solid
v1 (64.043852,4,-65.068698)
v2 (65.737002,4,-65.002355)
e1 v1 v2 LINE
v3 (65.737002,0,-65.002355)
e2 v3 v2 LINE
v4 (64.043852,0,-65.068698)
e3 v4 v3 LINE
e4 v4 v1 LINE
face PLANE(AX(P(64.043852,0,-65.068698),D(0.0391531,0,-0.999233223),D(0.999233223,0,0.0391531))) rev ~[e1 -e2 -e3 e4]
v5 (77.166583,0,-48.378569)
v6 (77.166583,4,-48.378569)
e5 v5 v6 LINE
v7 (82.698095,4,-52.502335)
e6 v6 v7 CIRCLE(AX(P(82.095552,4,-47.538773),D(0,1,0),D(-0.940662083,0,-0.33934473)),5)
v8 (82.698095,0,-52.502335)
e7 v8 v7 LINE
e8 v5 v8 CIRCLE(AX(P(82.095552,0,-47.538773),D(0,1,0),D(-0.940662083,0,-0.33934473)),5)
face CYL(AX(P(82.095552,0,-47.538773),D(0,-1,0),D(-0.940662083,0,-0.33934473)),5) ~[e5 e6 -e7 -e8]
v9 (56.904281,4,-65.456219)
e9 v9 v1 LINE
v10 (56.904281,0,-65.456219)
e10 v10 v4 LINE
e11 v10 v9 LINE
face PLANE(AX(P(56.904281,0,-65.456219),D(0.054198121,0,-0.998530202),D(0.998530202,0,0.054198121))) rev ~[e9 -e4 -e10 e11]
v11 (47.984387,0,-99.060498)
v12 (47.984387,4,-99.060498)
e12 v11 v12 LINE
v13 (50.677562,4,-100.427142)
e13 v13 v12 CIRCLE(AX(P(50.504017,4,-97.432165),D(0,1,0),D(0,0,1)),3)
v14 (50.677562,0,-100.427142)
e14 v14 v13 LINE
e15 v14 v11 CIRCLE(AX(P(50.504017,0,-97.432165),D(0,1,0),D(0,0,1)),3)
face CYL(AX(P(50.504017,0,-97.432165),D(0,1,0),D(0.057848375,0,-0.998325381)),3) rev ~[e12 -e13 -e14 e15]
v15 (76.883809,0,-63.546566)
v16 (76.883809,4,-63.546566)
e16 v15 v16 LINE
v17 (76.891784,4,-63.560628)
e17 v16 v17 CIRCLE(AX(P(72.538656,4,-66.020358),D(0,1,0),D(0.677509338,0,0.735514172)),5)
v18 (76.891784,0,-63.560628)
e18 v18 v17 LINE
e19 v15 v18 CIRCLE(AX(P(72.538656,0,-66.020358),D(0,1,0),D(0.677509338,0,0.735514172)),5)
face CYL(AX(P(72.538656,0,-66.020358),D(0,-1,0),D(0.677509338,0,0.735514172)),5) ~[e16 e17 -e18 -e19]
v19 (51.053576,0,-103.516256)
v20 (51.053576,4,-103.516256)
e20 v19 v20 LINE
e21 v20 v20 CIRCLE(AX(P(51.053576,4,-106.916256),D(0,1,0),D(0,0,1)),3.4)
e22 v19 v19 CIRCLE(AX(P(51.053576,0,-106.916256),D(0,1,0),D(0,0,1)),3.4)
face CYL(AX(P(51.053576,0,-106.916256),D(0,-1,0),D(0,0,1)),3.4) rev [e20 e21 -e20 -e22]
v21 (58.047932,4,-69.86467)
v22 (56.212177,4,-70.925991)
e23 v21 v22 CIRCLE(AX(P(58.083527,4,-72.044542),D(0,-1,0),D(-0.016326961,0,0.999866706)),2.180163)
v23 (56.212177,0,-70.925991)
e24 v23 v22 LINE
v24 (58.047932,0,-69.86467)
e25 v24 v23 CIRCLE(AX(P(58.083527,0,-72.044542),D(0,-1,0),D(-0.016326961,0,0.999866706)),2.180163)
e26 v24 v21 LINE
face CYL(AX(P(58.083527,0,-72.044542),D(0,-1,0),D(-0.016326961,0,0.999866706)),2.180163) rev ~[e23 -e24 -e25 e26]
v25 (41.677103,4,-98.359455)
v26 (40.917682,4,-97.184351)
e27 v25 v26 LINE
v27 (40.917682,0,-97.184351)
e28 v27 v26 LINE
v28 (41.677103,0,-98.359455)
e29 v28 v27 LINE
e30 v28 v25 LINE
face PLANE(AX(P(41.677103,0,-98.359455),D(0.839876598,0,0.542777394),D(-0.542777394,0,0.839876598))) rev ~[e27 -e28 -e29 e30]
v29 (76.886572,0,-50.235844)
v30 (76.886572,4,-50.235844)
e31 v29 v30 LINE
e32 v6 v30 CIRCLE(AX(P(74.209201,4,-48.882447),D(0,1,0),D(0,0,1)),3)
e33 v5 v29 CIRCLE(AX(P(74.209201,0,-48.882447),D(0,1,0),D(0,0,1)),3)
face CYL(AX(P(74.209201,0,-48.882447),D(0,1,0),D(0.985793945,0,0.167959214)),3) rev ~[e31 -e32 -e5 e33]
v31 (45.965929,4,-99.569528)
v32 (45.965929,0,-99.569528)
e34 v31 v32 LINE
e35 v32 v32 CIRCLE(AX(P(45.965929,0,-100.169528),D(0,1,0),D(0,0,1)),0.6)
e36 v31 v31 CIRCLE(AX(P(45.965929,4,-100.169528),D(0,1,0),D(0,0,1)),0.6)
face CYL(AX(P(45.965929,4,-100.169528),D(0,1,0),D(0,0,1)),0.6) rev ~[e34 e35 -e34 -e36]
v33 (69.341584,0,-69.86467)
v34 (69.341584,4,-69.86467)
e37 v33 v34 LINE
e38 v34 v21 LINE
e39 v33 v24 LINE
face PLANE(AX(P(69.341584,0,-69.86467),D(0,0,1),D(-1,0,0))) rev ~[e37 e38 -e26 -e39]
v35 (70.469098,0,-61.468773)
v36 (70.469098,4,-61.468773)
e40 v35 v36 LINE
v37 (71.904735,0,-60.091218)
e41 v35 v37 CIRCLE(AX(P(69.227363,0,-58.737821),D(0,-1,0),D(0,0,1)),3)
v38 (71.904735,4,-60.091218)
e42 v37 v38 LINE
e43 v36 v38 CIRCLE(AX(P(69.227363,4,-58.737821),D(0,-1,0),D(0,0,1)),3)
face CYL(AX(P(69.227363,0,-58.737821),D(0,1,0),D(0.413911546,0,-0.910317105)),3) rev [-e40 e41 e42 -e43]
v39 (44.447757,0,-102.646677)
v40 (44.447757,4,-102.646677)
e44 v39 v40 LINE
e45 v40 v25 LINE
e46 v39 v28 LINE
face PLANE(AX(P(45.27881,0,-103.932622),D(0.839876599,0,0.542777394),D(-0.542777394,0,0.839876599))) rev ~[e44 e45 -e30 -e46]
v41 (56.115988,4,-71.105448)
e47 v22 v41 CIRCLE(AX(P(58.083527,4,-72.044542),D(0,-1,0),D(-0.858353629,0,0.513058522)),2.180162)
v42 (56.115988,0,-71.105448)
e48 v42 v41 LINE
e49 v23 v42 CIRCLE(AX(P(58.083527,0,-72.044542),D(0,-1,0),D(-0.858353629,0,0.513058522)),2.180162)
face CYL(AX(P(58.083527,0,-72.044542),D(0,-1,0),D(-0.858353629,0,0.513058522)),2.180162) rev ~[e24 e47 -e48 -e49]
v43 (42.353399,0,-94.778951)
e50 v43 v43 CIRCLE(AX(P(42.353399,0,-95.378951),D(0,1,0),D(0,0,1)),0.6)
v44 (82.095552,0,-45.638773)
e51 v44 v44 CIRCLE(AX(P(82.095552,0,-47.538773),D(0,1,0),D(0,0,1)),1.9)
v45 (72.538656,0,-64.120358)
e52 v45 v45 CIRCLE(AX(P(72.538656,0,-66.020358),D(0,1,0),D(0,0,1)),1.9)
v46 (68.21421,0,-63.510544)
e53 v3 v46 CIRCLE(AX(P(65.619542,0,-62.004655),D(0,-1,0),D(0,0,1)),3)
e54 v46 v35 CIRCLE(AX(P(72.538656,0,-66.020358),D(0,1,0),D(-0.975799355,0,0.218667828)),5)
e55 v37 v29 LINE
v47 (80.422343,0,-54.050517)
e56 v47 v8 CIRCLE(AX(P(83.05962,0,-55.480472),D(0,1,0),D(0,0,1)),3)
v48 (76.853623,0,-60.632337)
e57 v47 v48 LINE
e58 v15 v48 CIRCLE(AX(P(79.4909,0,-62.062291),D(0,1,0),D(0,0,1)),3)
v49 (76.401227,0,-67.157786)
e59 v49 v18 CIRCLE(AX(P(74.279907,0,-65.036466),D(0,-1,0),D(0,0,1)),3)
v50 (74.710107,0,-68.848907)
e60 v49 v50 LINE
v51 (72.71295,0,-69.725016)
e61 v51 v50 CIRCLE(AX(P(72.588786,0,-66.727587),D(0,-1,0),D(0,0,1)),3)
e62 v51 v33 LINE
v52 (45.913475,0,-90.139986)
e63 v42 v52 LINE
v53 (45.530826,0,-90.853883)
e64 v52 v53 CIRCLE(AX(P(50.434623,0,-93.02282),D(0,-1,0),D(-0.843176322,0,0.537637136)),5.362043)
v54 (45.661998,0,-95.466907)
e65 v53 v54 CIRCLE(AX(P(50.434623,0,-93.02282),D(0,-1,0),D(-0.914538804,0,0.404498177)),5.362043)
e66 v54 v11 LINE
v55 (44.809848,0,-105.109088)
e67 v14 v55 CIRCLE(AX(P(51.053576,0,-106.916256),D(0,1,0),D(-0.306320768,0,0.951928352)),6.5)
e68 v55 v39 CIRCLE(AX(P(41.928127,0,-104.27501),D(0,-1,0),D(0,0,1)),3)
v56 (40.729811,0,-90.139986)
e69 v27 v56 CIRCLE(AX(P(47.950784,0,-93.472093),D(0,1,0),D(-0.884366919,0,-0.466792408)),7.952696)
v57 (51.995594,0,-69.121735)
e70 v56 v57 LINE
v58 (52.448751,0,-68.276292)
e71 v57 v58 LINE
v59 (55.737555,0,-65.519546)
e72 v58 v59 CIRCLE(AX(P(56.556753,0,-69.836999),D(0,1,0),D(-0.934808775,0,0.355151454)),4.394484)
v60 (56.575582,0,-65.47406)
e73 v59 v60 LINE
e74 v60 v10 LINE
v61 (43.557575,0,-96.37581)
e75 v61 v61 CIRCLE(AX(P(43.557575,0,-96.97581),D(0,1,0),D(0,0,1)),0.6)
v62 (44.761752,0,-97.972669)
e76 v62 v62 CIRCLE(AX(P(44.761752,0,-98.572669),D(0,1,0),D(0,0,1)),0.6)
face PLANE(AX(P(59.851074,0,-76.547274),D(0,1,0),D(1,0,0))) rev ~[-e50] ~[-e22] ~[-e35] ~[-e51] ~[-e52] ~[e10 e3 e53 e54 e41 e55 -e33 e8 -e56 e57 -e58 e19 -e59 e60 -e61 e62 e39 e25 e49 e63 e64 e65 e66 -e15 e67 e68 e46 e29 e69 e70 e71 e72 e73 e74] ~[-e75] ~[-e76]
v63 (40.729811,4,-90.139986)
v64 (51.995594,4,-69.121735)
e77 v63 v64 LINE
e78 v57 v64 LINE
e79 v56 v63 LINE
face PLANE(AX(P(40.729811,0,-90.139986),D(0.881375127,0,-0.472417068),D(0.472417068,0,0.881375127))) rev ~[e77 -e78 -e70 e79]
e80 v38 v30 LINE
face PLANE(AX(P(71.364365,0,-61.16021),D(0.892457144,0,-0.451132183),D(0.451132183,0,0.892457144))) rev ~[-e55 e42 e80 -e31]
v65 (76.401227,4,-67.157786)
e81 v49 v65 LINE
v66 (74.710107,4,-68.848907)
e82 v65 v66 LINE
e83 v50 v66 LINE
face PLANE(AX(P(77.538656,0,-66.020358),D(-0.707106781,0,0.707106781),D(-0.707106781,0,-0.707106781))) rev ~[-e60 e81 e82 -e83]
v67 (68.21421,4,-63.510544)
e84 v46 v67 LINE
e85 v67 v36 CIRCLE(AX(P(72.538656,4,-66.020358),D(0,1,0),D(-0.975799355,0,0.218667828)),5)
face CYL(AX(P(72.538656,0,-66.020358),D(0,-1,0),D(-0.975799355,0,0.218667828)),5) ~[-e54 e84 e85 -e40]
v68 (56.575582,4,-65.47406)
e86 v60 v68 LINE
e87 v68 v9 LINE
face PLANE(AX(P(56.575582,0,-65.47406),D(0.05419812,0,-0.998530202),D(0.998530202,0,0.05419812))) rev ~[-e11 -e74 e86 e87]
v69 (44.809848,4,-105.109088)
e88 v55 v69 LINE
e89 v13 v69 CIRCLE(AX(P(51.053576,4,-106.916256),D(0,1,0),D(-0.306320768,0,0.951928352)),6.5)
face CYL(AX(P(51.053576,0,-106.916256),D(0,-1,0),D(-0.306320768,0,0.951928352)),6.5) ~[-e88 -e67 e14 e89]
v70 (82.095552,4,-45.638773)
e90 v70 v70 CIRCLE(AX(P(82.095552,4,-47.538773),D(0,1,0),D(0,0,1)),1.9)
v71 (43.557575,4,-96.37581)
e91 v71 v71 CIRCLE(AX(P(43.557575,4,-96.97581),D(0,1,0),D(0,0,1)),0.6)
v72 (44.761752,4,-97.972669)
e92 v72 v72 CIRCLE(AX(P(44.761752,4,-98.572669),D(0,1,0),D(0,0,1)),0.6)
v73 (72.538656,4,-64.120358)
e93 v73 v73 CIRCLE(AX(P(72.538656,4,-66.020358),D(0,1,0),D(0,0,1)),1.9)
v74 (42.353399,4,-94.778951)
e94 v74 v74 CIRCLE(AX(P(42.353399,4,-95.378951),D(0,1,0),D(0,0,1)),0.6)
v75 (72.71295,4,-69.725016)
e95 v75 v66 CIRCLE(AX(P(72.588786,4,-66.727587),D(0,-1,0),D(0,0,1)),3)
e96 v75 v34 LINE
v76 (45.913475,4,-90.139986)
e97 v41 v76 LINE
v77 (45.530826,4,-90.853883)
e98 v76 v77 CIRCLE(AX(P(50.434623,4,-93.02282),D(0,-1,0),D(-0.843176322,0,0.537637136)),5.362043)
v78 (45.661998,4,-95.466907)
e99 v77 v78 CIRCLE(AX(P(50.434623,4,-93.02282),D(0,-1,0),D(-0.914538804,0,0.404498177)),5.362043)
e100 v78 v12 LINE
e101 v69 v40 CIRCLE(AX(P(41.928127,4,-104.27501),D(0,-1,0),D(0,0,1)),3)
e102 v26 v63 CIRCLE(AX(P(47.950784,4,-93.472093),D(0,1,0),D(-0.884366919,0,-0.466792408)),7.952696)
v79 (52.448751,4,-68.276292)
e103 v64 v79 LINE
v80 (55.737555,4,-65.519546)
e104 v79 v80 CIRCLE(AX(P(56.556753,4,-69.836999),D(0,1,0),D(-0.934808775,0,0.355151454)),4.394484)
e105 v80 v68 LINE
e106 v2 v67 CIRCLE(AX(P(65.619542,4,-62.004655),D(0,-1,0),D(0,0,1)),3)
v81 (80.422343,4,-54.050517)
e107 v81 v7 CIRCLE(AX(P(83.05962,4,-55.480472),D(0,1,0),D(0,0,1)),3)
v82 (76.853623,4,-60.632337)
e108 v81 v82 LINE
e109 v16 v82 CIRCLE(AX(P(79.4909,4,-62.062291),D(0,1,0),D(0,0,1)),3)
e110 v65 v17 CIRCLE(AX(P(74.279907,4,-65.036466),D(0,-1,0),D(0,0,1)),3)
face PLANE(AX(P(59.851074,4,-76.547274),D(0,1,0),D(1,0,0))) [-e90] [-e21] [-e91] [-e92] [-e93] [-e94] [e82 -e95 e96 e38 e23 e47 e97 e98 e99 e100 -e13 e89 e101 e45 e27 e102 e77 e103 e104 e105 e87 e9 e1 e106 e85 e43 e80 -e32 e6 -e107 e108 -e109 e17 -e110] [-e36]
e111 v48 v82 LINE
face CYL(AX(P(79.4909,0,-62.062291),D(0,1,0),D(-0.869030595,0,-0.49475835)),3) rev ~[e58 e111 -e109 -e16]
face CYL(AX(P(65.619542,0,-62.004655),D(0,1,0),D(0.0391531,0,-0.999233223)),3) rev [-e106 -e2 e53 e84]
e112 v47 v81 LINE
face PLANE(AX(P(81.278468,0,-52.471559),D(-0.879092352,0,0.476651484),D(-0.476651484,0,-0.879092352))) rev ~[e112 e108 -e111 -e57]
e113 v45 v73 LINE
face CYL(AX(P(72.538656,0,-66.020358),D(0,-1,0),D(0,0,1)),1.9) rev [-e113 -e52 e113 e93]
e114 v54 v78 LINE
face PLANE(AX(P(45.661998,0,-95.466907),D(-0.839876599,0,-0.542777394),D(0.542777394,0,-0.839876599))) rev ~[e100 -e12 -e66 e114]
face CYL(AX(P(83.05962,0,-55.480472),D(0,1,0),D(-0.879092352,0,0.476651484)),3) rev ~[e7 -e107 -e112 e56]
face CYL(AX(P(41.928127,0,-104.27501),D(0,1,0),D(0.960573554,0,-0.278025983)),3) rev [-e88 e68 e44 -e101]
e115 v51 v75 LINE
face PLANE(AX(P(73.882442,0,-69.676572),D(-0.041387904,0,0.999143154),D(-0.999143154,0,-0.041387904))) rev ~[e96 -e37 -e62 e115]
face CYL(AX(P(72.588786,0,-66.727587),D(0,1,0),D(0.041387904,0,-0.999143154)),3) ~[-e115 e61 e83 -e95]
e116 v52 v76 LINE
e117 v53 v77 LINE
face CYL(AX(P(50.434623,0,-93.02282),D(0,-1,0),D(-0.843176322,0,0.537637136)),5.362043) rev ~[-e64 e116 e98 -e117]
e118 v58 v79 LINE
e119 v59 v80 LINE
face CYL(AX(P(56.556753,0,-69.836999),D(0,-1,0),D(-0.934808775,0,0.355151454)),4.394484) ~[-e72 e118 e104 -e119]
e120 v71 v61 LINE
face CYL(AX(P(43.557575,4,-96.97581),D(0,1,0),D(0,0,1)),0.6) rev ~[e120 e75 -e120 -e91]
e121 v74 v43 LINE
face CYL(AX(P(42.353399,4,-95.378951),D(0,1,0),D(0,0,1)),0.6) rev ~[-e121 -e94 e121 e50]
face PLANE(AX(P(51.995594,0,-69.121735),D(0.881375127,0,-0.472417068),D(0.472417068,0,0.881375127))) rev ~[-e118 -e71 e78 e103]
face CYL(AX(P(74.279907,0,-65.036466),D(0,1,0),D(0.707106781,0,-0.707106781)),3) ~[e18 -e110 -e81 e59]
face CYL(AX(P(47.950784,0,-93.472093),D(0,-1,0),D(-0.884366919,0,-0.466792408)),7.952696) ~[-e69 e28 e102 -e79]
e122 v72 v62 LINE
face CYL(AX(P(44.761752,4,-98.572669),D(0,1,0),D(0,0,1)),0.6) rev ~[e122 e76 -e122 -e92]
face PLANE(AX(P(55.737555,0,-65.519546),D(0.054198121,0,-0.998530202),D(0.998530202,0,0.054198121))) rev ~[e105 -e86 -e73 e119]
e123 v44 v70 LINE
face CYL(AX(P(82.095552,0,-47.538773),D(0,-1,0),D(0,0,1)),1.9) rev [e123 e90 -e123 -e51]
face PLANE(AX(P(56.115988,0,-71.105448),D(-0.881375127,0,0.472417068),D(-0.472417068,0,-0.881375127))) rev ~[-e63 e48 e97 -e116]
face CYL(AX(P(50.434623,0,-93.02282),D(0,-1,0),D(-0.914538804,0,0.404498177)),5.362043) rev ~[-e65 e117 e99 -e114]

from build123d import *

# Parameters (mm, degrees)
SKETCH2_R           = 1.9
SKETCH2_R_2         = 3.4
BOSS_EXTRUDE1_DEPTH = 4
SKETCH3_R           = 0.6
CUT_EXTRUDE1_DEPTH  = 6
FILLET1_R           = 3


with BuildPart() as part:
    # Sketch2 → Boss-Extrude1 (new body)
    with BuildSketch(Plane(origin=(0, 0, 0), x_dir=(1, 0, 0), z_dir=(0, 1, 0))):
        with BuildLine():
            ThreePointArc((49.0624911, 100.728722197), (55.253975507, 111.876765002), (45.278809785, 103.932622106))
            Line((45.278809785, 103.932622106), (41.677103445, 98.359455452))
            Line((41.677103445, 98.359455452), (40.917682236, 97.184351056))
            ThreePointArc((40.917682236, 97.184351056), (40.000914232, 93.684113367), (40.729811239, 90.139986308))
            Line((40.729811239, 90.139986308), (51.995593872, 69.121735128))
            Line((51.995593872, 69.121735128), (52.448751423, 68.276291936))
            ThreePointArc((52.448751423, 68.276291936), (53.733769558, 66.46917356), (55.737555004, 65.519546097))
            Line((55.737555004, 65.519546097), (56.575581952, 65.474059755))
            Line((56.575581952, 65.474059755), (56.904280571, 65.456218685))
            Line((56.904280571, 65.456218685), (64.043852088, 65.068697747))
            Line((64.043852088, 65.068697747), (67.659658755, 64.927019071))
            ThreePointArc((67.659658755, 64.927019071), (68.973857559, 62.514332624), (71.364365032, 61.16020988))
            Line((71.364365032, 61.16020988), (77.3922419, 49.235496946))
            ThreePointArc((77.3922419, 49.235496946), (85.295038859, 43.696471142), (81.278467798, 52.471558808))
            Line((81.278467798, 52.471558808), (75.926202221, 62.342787356))
            ThreePointArc((75.926202221, 62.342787356), (77.117833046, 64.012589982), (77.538655529, 66.020358214))
            Line((77.538655529, 66.020358214), (73.882441794, 69.676571949))
            Line((73.882441794, 69.676571949), (69.341583584, 69.864669723))
            Line((69.341583584, 69.864669723), (65.404712603, 69.864669723))
            Line((65.404712603, 69.864669723), (58.04793187, 69.864669723))
            ThreePointArc((58.04793187, 69.864669723), (56.992330015, 70.157110244), (56.212176606, 70.925990854))
            ThreePointArc((56.212176606, 70.925990854), (56.161986001, 71.014595828), (56.115987655, 71.105447853))
            Line((56.115987655, 71.105447853), (45.913475043, 90.139986308))
            ThreePointArc((45.913475043, 90.139986308), (45.708651409, 90.489699119), (45.530826332, 90.853883157))
            ThreePointArc((45.530826332, 90.853883157), (45.074746145, 93.175228741), (45.661998303, 95.466907026))
            Line((45.661998303, 95.466907026), (49.0624911, 100.728722197))
        make_face()
        with Locations(Location((82.095552315, 47.538773298, 0), (0, 0, 270))):
            Circle(SKETCH2_R, mode=Mode.SUBTRACT)
        with Locations(Location((72.538655529, 66.020358214, 0), (0, 0, 270))):
            Circle(SKETCH2_R, mode=Mode.SUBTRACT)
        with Locations(Location((51.053576092, 106.916256485, 0), (0, 0, 270))):
            Circle(SKETCH2_R_2, mode=Mode.SUBTRACT)
    extrude(amount=BOSS_EXTRUDE1_DEPTH)

    # Sketch3 → Cut-Extrude1 (cut)
    with BuildSketch(Plane(origin=(0, 4, 0), x_dir=(1, 0, 0), z_dir=(0, 1, 0))):
        with Locations(Location((42.353398584, 95.378951282, 0), (0, 0, 270))):
            Circle(SKETCH3_R)
        with Locations(Location((43.557575402, 96.975810134, 0), (0, 0, 270))):
            Circle(SKETCH3_R)
        with Locations(Location((44.761752219, 98.572668985, 0), (0, 0, 270))):
            Circle(SKETCH3_R)
        with Locations(Location((45.965929037, 100.169527837, 0), (0, 0, 270))):
            Circle(SKETCH3_R)
    extrude(amount=-CUT_EXTRUDE1_DEPTH, mode=Mode.SUBTRACT)

    # Fillet1
    fillet1_edges = [part.edges().sort_by_distance(p)[0] for p in [
        (71.364365032, 2, -61.16020988),
        (67.659658755, 2, -64.927019071),
        (45.278809785, 2, -103.932622106),
        (49.0624911, 2, -100.728722197),
        (73.882441794, 2, -69.676571949),
        (77.538655529, 2, -66.020358214),
        (75.926202221, 2, -62.342787356),
        (81.278467798, 2, -52.471558808),
        (77.3922419, 2, -49.235496946),
    ]]
    fillet(fillet1_edges, radius=FILLET1_R)


solid = part.part
